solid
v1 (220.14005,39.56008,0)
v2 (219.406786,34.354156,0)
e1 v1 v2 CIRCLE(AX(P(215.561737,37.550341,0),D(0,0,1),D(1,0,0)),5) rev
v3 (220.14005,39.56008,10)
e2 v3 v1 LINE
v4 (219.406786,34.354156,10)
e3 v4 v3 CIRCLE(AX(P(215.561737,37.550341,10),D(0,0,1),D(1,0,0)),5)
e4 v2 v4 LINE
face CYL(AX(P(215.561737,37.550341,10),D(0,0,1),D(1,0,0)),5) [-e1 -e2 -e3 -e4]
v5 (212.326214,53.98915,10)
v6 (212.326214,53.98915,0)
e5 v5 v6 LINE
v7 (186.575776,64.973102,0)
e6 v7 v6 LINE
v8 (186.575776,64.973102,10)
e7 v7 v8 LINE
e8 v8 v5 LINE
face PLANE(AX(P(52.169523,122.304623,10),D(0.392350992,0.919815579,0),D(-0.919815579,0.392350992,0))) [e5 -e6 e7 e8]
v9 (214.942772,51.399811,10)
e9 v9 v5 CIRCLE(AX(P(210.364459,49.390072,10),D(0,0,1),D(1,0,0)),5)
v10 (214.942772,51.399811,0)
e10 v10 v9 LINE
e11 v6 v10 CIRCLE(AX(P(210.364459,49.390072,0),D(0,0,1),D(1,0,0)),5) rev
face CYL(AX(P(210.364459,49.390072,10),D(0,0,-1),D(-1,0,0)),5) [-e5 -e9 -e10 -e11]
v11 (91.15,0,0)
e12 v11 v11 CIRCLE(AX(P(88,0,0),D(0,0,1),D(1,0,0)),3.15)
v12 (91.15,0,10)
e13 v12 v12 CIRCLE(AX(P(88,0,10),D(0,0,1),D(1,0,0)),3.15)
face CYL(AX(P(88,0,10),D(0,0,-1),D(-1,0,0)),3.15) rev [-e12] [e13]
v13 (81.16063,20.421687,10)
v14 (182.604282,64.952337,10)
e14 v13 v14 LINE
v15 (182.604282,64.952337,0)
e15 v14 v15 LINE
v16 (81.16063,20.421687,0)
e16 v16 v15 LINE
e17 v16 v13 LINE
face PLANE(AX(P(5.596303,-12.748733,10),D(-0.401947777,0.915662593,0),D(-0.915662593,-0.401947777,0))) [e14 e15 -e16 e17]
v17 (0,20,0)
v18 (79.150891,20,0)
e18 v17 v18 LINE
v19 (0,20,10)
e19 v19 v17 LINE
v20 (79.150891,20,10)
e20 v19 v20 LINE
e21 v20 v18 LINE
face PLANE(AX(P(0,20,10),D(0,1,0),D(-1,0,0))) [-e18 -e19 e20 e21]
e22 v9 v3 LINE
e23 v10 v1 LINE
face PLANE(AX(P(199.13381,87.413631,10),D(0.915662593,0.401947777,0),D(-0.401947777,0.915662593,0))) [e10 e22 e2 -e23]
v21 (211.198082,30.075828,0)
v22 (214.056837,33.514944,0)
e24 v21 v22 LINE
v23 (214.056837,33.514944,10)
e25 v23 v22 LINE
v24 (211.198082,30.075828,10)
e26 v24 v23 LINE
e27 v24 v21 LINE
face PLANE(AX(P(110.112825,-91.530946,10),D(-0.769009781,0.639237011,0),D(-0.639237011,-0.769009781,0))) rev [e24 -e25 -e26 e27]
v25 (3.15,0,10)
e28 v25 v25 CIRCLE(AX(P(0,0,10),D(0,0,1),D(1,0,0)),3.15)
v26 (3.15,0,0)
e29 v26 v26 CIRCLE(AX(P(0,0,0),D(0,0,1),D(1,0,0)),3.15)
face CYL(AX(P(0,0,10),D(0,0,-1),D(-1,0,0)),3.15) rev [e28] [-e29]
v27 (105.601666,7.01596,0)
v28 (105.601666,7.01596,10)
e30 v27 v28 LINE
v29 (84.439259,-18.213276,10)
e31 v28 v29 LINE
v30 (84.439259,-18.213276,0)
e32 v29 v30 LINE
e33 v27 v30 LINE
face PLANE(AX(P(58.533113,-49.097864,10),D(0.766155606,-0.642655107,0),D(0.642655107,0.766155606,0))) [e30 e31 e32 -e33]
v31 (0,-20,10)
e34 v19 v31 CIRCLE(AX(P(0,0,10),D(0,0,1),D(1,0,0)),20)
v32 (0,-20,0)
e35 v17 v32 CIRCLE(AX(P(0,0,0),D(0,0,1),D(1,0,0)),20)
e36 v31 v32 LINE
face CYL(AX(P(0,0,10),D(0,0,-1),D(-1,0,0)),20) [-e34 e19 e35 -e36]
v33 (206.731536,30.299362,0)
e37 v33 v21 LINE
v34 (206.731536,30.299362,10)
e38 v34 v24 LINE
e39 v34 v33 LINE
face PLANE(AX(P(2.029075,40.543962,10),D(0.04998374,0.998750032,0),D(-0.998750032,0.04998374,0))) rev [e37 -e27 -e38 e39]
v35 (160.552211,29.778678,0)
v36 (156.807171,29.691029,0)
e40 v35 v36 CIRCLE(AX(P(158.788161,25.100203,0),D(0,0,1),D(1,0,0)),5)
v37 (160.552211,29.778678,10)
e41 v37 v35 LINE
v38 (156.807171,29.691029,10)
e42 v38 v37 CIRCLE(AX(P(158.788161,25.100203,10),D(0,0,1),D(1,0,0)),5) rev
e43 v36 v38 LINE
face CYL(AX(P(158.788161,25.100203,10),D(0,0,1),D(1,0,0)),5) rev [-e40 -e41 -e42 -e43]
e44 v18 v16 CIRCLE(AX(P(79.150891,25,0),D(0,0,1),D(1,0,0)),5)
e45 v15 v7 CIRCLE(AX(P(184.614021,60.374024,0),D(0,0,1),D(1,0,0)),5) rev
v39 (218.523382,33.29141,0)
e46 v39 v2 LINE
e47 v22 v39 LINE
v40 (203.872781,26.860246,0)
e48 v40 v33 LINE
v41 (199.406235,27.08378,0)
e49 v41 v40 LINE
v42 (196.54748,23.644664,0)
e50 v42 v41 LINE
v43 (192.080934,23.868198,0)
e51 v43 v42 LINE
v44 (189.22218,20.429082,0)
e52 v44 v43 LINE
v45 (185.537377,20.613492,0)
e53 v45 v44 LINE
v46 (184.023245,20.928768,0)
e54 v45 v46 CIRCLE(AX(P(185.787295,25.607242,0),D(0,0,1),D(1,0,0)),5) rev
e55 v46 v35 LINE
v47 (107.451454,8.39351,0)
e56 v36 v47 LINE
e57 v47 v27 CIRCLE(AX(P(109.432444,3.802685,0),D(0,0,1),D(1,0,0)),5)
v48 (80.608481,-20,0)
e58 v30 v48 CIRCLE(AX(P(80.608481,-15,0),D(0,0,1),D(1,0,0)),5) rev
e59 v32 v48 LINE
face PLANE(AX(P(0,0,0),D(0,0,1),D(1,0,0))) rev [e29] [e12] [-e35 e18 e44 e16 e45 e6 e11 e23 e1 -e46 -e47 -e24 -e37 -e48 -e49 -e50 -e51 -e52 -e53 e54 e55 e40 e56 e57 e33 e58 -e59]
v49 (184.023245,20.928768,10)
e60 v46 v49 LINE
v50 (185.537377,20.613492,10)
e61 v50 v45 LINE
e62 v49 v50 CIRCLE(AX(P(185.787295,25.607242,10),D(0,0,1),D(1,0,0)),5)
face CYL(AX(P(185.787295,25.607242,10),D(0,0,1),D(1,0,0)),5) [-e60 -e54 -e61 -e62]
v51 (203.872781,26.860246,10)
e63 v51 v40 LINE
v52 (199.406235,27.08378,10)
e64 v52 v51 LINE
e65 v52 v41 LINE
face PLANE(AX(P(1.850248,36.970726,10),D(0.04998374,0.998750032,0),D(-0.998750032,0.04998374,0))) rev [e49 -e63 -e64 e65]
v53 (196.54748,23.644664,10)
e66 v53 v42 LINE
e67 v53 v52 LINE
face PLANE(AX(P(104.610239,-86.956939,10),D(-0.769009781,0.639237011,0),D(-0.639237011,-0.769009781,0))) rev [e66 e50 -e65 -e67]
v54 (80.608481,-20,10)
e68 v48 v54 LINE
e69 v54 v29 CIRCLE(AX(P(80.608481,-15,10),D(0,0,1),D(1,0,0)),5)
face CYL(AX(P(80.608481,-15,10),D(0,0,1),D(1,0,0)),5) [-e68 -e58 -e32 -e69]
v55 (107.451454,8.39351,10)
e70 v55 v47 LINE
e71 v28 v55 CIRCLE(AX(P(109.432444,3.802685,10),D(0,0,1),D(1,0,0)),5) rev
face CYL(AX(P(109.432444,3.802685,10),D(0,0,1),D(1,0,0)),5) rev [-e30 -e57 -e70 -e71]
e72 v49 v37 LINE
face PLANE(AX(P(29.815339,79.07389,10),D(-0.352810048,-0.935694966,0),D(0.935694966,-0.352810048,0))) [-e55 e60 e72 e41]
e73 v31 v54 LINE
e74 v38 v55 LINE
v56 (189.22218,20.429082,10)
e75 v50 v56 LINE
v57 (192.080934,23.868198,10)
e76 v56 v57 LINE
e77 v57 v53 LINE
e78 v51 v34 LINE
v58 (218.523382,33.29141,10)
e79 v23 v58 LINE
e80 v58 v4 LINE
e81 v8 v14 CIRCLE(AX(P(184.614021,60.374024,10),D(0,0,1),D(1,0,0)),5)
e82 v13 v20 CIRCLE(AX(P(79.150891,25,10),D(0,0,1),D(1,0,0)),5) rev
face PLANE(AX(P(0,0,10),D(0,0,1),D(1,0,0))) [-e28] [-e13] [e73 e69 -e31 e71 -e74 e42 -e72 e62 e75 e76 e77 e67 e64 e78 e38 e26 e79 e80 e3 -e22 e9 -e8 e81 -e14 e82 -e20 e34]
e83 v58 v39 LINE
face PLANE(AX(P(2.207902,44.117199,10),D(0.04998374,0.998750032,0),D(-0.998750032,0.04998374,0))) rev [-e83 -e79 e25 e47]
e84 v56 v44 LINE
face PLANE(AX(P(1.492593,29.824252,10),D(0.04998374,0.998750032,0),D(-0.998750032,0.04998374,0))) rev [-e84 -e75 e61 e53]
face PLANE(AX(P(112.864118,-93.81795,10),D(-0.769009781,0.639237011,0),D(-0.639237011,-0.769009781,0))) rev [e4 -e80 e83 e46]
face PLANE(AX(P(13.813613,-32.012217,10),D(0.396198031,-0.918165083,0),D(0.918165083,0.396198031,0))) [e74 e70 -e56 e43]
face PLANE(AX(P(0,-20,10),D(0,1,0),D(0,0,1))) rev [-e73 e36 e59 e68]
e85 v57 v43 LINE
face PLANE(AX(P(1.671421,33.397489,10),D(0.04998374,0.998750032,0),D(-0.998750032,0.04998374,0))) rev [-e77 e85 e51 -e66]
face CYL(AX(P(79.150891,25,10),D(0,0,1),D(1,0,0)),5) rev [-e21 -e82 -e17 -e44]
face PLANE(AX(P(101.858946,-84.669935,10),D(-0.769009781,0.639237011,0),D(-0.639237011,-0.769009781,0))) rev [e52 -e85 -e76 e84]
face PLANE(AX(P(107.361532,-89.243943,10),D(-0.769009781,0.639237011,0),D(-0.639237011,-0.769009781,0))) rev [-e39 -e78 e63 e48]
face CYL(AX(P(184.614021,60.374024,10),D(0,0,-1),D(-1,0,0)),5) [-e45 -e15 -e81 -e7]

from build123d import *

# Parameters (mm, degrees)
SKETCH1_R           = 3.15
BOSS_EXTRUDE1_DEPTH = 10
FILLET2_R           = 5


with BuildPart() as part:
    # Sketch1 → Boss-Extrude1 (new body)
    with BuildSketch(Plane.XY):
        with BuildLine():
            Line((80.2, 20), (0, 20))
            ThreePointArc((0, 20), (-20, 0), (0, -20))
            Line((0, -20), (82.940545554, -20))
            Line((82.940545554, -20), (106.363301662, 7.92396063))
            Line((106.363301662, 7.92396063), (158.661984796, 30.491400503))
            Line((158.661984796, 30.491400503), (184.755633581, 20.652615644))
            Line((184.755633581, 20.652615644), (189.222179508, 20.429081564))
            Line((189.222179508, 20.429081564), (192.080934328, 23.868197857))
            Line((192.080934328, 23.868197857), (196.547480254, 23.644663777))
            Line((196.547480254, 23.644663777), (199.406235074, 27.08378007))
            Line((199.406235074, 27.08378007), (203.872781001, 26.86024599))
            Line((203.872781001, 26.86024599), (206.731535821, 30.299362284))
            Line((206.731535821, 30.299362284), (211.198081748, 30.075828204))
            Line((211.198081748, 30.075828204), (214.056836568, 33.514944497))
            Line((214.056836568, 33.514944497), (218.523382494, 33.291410417))
            Line((218.523382494, 33.291410417), (221.382137314, 36.73052671))
            Line((221.382137314, 36.73052671), (214.147077335, 53.21245339))
            Line((214.147077335, 53.21245339), (184.585535641, 65.822046539))
            Line((184.585535641, 65.822046539), (80.2, 20))
        make_face()
        Circle(SKETCH1_R, mode=Mode.SUBTRACT)
        with Locations((88, 0)):
            Circle(SKETCH1_R, mode=Mode.SUBTRACT)
    extrude(amount=BOSS_EXTRUDE1_DEPTH)

    # Fillet2
    fillet2_edges = [part.edges().sort_by_distance(p)[0] for p in [
        (82.940545554, -20, 5),
        (80.2, 20, 5),
        (184.585535641, 65.822046539, 5),
        (214.147077335, 53.21245339, 5),
        (221.382137314, 36.73052671, 5),
        (184.755633581, 20.652615644, 5),
        (158.661984796, 30.491400503, 5),
        (106.363301662, 7.92396063, 5),
    ]]
    fillet(fillet2_edges, radius=FILLET2_R)


solid = part.part
